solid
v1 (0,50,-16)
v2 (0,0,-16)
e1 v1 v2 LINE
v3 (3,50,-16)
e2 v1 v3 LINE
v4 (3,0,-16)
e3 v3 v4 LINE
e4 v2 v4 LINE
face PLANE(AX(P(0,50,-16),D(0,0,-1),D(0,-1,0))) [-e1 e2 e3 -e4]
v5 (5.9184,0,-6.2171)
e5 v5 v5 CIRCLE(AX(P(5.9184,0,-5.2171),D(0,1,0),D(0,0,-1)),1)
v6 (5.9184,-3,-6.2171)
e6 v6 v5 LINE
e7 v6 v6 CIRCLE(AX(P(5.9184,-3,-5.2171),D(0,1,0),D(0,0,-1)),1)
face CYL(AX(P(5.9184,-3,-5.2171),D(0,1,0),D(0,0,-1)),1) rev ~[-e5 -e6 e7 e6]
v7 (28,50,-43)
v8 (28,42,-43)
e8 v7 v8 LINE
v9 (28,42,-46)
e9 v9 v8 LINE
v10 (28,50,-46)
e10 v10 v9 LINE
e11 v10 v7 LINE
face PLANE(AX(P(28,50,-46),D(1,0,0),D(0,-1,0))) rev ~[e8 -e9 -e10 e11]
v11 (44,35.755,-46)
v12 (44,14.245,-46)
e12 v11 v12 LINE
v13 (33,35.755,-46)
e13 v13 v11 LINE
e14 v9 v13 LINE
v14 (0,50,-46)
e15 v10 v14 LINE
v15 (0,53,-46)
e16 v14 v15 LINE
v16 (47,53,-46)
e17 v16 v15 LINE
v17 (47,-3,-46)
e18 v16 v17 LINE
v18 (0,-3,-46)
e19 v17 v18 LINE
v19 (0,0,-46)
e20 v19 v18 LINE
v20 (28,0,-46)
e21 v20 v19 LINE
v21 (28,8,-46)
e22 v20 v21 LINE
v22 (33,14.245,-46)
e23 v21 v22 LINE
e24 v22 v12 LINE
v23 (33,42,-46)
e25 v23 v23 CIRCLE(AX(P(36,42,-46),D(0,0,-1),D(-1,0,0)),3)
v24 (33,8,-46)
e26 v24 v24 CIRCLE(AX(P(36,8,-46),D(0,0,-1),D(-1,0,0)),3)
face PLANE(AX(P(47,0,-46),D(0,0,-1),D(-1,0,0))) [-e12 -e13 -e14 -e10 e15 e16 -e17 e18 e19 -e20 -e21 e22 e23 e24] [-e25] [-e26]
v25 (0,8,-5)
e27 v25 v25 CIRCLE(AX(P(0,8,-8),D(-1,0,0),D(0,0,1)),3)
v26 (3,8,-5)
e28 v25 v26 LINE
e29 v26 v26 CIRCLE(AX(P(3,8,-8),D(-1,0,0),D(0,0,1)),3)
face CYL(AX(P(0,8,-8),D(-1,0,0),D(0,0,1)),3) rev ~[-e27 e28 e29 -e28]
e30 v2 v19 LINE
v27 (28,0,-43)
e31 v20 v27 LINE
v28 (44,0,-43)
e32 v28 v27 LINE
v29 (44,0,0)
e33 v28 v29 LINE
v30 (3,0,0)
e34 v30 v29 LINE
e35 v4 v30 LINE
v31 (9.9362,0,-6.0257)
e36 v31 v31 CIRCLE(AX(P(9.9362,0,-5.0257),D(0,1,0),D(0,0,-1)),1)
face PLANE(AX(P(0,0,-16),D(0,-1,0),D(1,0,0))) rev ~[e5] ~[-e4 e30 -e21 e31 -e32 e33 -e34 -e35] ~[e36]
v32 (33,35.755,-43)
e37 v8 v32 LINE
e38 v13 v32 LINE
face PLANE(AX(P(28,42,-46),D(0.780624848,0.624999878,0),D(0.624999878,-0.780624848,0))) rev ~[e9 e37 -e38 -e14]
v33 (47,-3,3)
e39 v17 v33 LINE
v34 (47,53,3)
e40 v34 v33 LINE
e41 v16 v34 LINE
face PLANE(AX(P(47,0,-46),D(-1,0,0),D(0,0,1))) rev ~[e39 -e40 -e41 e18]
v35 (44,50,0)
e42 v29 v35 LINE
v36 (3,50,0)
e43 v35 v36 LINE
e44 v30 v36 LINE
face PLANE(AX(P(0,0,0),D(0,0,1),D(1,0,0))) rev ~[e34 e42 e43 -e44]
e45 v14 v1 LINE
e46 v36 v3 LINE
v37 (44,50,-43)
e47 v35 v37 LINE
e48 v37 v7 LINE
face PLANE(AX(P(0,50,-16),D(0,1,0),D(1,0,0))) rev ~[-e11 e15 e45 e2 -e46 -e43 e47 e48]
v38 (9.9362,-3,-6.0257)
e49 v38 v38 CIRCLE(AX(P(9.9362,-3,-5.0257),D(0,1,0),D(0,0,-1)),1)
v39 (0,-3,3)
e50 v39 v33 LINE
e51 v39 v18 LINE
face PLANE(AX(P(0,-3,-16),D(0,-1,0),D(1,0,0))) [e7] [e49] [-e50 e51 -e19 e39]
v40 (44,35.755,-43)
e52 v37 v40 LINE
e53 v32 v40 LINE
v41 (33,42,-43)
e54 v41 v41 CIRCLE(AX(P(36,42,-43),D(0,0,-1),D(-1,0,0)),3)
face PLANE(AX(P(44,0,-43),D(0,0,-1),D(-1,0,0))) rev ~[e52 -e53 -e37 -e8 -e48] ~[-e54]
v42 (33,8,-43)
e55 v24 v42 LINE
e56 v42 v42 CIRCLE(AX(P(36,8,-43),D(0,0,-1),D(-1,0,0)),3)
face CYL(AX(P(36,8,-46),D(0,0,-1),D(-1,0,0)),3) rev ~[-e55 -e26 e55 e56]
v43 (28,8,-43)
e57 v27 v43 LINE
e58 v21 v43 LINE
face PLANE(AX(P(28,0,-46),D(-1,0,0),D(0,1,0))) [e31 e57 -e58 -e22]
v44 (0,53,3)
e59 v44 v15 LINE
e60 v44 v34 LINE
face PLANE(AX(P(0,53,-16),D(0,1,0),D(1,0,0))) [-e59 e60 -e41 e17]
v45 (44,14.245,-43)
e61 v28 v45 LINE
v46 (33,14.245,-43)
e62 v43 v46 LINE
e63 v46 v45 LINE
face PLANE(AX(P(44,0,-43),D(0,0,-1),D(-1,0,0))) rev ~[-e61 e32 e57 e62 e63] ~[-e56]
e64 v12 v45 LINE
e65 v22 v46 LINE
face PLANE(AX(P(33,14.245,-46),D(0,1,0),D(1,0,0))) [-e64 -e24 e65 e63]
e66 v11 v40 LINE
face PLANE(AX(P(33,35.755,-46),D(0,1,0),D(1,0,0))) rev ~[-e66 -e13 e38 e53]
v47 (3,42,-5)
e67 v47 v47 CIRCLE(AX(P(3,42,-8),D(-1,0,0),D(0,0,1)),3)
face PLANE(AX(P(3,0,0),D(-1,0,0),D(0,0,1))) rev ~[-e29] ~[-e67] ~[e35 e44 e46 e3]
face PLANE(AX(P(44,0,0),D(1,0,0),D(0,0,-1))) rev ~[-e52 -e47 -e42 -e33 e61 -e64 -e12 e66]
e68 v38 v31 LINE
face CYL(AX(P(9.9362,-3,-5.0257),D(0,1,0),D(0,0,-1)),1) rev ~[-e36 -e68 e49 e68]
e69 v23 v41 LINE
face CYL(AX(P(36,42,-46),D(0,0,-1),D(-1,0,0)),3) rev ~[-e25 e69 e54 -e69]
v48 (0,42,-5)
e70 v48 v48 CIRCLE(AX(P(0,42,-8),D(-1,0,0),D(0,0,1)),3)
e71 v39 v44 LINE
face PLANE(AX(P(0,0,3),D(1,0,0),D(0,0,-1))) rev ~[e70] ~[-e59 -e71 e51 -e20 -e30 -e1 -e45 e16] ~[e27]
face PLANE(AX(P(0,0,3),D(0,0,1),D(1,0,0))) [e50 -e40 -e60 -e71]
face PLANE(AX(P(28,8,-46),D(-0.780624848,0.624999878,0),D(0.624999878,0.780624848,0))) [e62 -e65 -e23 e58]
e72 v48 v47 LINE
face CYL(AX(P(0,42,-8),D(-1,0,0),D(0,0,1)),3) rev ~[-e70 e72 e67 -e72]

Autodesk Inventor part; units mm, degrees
ref_plane "YZ Plane" through (0, 0, 0) normal (1, 0, 0) x (0, 1, 0)
ref_plane "XZ Plane" through (0, 0, 0) normal (0, 1, 0) x (-1, 0, 0)
ref_plane "XY Plane" through (0, 0, 0) normal (0, 0, 1) x (1, 0, 0)
sketch "Esboço1" plane through (0, 0, 0) normal (0, 0, 1) x (1, 0, 0)
  line L0 (0, 0) -> (44, 0)
  line L1 (44, 0) -> (44, 50)
  line L2 (44, 50) -> (0, 50)
  line L3 (0, 50) -> (0, 0)
  dimension "d0" = 44
  dimension "d1" = 50
extrude "Extrusão1" add sketch "Esboço1" along normal blind 3
sketch "Esboço2" plane through (0, 0, 0) normal (-1, 0, 0) x (0, 0, 1)
  line L0 (0, 0) -> (0, 50) projected
  line L1 (0, 50) -> (-16, 50)
  line L2 (-16, 50) -> (-16, 0)
  line L3 (-16, 0) -> (0, 0)
  line L4 (0, 0) -> (0, 50)
  line L5 (0, 50) -> (-8, 50) construction
  line L6 (-8, 50) -> (-8, 42) construction
  line L7 (0, 0) -> (-8, 0) construction
  line L8 (-8, 0) -> (-8, 8) construction
  circle A0 centre (-8, 42) radius 3
  circle A1 centre (-8, 8) radius 3
  dimension "d4" = 16
  dimension "d5" = 50
  dimension "d6" = 8
  dimension "d7" = 8
  dimension "d8" = 8
  dimension "d9" = 8
  dimension "d10" = 6
  dimension "d11" = 6
extrude "Extrusão2" add sketch "Esboço2" against normal blind 3
sketch "Esboço3" plane through (44, 0, 0) normal (1, 0, 0) x (0, 0, -1)
  line L0 (0, 50) -> (-3, 50) projected
  line L1 (-3, 50) -> (46, 50)
  line L2 (46, 50) -> (46, 0)
  line L3 (46, 0) -> (-3, 0)
  line L4 (-3, 0) -> (-3, 50)
  point P0 (0, 0)
  dimension "d14" = 49
extrude "Extrusão3" add sketch "Esboço3" along normal blind 3
sketch "Esboço4" plane through (44, 0, -46) normal (0, 0, -1) x (-1, 0, 0)
  line L0 (0, 50) -> (41, 50) construction
  line L1 (0, 50) -> (8, 50) construction
  line L2 (8, 50) -> (8, 42) construction
  line L3 (0, 50) -> (0, 0) construction
  line L4 (0, 0) -> (8, 0) construction
  line L5 (41, 0) -> (0, 0) construction
  line L6 (8, 0) -> (8, 8) construction
  circle A0 centre (8, 42) radius 3
  circle A1 centre (8, 8) radius 3
  line L7 (0, 50) -> (16, 50)
  line L8 (16, 50) -> (16, 42)
  line L9 (16, 42) -> (11, 35.755)
  line L10 (11, 35.755) -> (0, 35.755)
  line L11 (0, 50) -> (0, 35.755)
  line L12 (0, 0) -> (16, 0)
  line L13 (16, 0) -> (16, 8)
  line L14 (16, 8) -> (11, 14.245)
  line L15 (11, 14.245) -> (0, 14.245)
  line L16 (0, 0) -> (0, 14.245)
  point P0 (44, 0)
  dimension "d17" = 8
  dimension "d18" = 8
  dimension "d19" = 8
  dimension "d20" = 8
  dimension "d21" = 6
  dimension "d22" = 6
  dimension "d23" = 16
  dimension "d24" = 8
  dimension "d25" = 8
  dimension "d26" = 8
extrude "Extrusão4" add sketch "Esboço4" against normal blind 3
sketch "Esboço5" plane through (0, 50, -16) normal (0, 1, 0) x (1, 0, 0)
  line L0 (0, 0) -> (0, -19) projected
  line L1 (47, 30) -> (47, -19) projected
  line L2 (0, -19) -> (47, -19)
  line L3 (47, -19) -> (47, 30)
  line L4 (47, 30) -> (0, 30)
  line L5 (0, 30) -> (0, -19)
  point P0 (0, -16)
extrude "Extrusão5" add sketch "Esboço5" along normal blind 3
sketch "Esboço6" plane through (0, 0, -16) normal (0, -1, 0) x (1, 0, 0)
  line L0 (47, -30) -> (0, -30) projected
  line L1 (0, 19) -> (47, 19) projected
  line L2 (0, -30) -> (47, -30)
  line L3 (47, -30) -> (47, 19)
  line L4 (47, 19) -> (0, 19)
  line L5 (0, 19) -> (0, -30)
  point P0 (0, 16)
extrude "Extrusão6" add sketch "Esboço6" along normal blind 3
sketch "Esboço7" plane through (0, -3, -16) normal (0, -1, 0) x (1, 0, 0)
  point P0 (0, 16)
  point P1 (5.9184, 10.7829)
  point P2 (9.9362, 10.9743)
hole "Furo1" at (5.9184, -3, -5.2171) at (9.9362, -3, -5.0257) direction (0, 1, 0) diameter 2 depth 3 tip angle 118
sketch "Esboço8" plane through (0, -3, -16) normal (0, -1, 0) x (1, 0, 0)
  circle A0 centre (5.9184, 10.7829) radius 1 projected
sketch "Esboço9" plane through (0, -3, -16) normal (0, -1, 0) x (1, 0, 0)
  circle A0 centre (9.9362, 10.9743) radius 1 projected
properties part number "KS diant C" material "Plástico, preto opaco"
